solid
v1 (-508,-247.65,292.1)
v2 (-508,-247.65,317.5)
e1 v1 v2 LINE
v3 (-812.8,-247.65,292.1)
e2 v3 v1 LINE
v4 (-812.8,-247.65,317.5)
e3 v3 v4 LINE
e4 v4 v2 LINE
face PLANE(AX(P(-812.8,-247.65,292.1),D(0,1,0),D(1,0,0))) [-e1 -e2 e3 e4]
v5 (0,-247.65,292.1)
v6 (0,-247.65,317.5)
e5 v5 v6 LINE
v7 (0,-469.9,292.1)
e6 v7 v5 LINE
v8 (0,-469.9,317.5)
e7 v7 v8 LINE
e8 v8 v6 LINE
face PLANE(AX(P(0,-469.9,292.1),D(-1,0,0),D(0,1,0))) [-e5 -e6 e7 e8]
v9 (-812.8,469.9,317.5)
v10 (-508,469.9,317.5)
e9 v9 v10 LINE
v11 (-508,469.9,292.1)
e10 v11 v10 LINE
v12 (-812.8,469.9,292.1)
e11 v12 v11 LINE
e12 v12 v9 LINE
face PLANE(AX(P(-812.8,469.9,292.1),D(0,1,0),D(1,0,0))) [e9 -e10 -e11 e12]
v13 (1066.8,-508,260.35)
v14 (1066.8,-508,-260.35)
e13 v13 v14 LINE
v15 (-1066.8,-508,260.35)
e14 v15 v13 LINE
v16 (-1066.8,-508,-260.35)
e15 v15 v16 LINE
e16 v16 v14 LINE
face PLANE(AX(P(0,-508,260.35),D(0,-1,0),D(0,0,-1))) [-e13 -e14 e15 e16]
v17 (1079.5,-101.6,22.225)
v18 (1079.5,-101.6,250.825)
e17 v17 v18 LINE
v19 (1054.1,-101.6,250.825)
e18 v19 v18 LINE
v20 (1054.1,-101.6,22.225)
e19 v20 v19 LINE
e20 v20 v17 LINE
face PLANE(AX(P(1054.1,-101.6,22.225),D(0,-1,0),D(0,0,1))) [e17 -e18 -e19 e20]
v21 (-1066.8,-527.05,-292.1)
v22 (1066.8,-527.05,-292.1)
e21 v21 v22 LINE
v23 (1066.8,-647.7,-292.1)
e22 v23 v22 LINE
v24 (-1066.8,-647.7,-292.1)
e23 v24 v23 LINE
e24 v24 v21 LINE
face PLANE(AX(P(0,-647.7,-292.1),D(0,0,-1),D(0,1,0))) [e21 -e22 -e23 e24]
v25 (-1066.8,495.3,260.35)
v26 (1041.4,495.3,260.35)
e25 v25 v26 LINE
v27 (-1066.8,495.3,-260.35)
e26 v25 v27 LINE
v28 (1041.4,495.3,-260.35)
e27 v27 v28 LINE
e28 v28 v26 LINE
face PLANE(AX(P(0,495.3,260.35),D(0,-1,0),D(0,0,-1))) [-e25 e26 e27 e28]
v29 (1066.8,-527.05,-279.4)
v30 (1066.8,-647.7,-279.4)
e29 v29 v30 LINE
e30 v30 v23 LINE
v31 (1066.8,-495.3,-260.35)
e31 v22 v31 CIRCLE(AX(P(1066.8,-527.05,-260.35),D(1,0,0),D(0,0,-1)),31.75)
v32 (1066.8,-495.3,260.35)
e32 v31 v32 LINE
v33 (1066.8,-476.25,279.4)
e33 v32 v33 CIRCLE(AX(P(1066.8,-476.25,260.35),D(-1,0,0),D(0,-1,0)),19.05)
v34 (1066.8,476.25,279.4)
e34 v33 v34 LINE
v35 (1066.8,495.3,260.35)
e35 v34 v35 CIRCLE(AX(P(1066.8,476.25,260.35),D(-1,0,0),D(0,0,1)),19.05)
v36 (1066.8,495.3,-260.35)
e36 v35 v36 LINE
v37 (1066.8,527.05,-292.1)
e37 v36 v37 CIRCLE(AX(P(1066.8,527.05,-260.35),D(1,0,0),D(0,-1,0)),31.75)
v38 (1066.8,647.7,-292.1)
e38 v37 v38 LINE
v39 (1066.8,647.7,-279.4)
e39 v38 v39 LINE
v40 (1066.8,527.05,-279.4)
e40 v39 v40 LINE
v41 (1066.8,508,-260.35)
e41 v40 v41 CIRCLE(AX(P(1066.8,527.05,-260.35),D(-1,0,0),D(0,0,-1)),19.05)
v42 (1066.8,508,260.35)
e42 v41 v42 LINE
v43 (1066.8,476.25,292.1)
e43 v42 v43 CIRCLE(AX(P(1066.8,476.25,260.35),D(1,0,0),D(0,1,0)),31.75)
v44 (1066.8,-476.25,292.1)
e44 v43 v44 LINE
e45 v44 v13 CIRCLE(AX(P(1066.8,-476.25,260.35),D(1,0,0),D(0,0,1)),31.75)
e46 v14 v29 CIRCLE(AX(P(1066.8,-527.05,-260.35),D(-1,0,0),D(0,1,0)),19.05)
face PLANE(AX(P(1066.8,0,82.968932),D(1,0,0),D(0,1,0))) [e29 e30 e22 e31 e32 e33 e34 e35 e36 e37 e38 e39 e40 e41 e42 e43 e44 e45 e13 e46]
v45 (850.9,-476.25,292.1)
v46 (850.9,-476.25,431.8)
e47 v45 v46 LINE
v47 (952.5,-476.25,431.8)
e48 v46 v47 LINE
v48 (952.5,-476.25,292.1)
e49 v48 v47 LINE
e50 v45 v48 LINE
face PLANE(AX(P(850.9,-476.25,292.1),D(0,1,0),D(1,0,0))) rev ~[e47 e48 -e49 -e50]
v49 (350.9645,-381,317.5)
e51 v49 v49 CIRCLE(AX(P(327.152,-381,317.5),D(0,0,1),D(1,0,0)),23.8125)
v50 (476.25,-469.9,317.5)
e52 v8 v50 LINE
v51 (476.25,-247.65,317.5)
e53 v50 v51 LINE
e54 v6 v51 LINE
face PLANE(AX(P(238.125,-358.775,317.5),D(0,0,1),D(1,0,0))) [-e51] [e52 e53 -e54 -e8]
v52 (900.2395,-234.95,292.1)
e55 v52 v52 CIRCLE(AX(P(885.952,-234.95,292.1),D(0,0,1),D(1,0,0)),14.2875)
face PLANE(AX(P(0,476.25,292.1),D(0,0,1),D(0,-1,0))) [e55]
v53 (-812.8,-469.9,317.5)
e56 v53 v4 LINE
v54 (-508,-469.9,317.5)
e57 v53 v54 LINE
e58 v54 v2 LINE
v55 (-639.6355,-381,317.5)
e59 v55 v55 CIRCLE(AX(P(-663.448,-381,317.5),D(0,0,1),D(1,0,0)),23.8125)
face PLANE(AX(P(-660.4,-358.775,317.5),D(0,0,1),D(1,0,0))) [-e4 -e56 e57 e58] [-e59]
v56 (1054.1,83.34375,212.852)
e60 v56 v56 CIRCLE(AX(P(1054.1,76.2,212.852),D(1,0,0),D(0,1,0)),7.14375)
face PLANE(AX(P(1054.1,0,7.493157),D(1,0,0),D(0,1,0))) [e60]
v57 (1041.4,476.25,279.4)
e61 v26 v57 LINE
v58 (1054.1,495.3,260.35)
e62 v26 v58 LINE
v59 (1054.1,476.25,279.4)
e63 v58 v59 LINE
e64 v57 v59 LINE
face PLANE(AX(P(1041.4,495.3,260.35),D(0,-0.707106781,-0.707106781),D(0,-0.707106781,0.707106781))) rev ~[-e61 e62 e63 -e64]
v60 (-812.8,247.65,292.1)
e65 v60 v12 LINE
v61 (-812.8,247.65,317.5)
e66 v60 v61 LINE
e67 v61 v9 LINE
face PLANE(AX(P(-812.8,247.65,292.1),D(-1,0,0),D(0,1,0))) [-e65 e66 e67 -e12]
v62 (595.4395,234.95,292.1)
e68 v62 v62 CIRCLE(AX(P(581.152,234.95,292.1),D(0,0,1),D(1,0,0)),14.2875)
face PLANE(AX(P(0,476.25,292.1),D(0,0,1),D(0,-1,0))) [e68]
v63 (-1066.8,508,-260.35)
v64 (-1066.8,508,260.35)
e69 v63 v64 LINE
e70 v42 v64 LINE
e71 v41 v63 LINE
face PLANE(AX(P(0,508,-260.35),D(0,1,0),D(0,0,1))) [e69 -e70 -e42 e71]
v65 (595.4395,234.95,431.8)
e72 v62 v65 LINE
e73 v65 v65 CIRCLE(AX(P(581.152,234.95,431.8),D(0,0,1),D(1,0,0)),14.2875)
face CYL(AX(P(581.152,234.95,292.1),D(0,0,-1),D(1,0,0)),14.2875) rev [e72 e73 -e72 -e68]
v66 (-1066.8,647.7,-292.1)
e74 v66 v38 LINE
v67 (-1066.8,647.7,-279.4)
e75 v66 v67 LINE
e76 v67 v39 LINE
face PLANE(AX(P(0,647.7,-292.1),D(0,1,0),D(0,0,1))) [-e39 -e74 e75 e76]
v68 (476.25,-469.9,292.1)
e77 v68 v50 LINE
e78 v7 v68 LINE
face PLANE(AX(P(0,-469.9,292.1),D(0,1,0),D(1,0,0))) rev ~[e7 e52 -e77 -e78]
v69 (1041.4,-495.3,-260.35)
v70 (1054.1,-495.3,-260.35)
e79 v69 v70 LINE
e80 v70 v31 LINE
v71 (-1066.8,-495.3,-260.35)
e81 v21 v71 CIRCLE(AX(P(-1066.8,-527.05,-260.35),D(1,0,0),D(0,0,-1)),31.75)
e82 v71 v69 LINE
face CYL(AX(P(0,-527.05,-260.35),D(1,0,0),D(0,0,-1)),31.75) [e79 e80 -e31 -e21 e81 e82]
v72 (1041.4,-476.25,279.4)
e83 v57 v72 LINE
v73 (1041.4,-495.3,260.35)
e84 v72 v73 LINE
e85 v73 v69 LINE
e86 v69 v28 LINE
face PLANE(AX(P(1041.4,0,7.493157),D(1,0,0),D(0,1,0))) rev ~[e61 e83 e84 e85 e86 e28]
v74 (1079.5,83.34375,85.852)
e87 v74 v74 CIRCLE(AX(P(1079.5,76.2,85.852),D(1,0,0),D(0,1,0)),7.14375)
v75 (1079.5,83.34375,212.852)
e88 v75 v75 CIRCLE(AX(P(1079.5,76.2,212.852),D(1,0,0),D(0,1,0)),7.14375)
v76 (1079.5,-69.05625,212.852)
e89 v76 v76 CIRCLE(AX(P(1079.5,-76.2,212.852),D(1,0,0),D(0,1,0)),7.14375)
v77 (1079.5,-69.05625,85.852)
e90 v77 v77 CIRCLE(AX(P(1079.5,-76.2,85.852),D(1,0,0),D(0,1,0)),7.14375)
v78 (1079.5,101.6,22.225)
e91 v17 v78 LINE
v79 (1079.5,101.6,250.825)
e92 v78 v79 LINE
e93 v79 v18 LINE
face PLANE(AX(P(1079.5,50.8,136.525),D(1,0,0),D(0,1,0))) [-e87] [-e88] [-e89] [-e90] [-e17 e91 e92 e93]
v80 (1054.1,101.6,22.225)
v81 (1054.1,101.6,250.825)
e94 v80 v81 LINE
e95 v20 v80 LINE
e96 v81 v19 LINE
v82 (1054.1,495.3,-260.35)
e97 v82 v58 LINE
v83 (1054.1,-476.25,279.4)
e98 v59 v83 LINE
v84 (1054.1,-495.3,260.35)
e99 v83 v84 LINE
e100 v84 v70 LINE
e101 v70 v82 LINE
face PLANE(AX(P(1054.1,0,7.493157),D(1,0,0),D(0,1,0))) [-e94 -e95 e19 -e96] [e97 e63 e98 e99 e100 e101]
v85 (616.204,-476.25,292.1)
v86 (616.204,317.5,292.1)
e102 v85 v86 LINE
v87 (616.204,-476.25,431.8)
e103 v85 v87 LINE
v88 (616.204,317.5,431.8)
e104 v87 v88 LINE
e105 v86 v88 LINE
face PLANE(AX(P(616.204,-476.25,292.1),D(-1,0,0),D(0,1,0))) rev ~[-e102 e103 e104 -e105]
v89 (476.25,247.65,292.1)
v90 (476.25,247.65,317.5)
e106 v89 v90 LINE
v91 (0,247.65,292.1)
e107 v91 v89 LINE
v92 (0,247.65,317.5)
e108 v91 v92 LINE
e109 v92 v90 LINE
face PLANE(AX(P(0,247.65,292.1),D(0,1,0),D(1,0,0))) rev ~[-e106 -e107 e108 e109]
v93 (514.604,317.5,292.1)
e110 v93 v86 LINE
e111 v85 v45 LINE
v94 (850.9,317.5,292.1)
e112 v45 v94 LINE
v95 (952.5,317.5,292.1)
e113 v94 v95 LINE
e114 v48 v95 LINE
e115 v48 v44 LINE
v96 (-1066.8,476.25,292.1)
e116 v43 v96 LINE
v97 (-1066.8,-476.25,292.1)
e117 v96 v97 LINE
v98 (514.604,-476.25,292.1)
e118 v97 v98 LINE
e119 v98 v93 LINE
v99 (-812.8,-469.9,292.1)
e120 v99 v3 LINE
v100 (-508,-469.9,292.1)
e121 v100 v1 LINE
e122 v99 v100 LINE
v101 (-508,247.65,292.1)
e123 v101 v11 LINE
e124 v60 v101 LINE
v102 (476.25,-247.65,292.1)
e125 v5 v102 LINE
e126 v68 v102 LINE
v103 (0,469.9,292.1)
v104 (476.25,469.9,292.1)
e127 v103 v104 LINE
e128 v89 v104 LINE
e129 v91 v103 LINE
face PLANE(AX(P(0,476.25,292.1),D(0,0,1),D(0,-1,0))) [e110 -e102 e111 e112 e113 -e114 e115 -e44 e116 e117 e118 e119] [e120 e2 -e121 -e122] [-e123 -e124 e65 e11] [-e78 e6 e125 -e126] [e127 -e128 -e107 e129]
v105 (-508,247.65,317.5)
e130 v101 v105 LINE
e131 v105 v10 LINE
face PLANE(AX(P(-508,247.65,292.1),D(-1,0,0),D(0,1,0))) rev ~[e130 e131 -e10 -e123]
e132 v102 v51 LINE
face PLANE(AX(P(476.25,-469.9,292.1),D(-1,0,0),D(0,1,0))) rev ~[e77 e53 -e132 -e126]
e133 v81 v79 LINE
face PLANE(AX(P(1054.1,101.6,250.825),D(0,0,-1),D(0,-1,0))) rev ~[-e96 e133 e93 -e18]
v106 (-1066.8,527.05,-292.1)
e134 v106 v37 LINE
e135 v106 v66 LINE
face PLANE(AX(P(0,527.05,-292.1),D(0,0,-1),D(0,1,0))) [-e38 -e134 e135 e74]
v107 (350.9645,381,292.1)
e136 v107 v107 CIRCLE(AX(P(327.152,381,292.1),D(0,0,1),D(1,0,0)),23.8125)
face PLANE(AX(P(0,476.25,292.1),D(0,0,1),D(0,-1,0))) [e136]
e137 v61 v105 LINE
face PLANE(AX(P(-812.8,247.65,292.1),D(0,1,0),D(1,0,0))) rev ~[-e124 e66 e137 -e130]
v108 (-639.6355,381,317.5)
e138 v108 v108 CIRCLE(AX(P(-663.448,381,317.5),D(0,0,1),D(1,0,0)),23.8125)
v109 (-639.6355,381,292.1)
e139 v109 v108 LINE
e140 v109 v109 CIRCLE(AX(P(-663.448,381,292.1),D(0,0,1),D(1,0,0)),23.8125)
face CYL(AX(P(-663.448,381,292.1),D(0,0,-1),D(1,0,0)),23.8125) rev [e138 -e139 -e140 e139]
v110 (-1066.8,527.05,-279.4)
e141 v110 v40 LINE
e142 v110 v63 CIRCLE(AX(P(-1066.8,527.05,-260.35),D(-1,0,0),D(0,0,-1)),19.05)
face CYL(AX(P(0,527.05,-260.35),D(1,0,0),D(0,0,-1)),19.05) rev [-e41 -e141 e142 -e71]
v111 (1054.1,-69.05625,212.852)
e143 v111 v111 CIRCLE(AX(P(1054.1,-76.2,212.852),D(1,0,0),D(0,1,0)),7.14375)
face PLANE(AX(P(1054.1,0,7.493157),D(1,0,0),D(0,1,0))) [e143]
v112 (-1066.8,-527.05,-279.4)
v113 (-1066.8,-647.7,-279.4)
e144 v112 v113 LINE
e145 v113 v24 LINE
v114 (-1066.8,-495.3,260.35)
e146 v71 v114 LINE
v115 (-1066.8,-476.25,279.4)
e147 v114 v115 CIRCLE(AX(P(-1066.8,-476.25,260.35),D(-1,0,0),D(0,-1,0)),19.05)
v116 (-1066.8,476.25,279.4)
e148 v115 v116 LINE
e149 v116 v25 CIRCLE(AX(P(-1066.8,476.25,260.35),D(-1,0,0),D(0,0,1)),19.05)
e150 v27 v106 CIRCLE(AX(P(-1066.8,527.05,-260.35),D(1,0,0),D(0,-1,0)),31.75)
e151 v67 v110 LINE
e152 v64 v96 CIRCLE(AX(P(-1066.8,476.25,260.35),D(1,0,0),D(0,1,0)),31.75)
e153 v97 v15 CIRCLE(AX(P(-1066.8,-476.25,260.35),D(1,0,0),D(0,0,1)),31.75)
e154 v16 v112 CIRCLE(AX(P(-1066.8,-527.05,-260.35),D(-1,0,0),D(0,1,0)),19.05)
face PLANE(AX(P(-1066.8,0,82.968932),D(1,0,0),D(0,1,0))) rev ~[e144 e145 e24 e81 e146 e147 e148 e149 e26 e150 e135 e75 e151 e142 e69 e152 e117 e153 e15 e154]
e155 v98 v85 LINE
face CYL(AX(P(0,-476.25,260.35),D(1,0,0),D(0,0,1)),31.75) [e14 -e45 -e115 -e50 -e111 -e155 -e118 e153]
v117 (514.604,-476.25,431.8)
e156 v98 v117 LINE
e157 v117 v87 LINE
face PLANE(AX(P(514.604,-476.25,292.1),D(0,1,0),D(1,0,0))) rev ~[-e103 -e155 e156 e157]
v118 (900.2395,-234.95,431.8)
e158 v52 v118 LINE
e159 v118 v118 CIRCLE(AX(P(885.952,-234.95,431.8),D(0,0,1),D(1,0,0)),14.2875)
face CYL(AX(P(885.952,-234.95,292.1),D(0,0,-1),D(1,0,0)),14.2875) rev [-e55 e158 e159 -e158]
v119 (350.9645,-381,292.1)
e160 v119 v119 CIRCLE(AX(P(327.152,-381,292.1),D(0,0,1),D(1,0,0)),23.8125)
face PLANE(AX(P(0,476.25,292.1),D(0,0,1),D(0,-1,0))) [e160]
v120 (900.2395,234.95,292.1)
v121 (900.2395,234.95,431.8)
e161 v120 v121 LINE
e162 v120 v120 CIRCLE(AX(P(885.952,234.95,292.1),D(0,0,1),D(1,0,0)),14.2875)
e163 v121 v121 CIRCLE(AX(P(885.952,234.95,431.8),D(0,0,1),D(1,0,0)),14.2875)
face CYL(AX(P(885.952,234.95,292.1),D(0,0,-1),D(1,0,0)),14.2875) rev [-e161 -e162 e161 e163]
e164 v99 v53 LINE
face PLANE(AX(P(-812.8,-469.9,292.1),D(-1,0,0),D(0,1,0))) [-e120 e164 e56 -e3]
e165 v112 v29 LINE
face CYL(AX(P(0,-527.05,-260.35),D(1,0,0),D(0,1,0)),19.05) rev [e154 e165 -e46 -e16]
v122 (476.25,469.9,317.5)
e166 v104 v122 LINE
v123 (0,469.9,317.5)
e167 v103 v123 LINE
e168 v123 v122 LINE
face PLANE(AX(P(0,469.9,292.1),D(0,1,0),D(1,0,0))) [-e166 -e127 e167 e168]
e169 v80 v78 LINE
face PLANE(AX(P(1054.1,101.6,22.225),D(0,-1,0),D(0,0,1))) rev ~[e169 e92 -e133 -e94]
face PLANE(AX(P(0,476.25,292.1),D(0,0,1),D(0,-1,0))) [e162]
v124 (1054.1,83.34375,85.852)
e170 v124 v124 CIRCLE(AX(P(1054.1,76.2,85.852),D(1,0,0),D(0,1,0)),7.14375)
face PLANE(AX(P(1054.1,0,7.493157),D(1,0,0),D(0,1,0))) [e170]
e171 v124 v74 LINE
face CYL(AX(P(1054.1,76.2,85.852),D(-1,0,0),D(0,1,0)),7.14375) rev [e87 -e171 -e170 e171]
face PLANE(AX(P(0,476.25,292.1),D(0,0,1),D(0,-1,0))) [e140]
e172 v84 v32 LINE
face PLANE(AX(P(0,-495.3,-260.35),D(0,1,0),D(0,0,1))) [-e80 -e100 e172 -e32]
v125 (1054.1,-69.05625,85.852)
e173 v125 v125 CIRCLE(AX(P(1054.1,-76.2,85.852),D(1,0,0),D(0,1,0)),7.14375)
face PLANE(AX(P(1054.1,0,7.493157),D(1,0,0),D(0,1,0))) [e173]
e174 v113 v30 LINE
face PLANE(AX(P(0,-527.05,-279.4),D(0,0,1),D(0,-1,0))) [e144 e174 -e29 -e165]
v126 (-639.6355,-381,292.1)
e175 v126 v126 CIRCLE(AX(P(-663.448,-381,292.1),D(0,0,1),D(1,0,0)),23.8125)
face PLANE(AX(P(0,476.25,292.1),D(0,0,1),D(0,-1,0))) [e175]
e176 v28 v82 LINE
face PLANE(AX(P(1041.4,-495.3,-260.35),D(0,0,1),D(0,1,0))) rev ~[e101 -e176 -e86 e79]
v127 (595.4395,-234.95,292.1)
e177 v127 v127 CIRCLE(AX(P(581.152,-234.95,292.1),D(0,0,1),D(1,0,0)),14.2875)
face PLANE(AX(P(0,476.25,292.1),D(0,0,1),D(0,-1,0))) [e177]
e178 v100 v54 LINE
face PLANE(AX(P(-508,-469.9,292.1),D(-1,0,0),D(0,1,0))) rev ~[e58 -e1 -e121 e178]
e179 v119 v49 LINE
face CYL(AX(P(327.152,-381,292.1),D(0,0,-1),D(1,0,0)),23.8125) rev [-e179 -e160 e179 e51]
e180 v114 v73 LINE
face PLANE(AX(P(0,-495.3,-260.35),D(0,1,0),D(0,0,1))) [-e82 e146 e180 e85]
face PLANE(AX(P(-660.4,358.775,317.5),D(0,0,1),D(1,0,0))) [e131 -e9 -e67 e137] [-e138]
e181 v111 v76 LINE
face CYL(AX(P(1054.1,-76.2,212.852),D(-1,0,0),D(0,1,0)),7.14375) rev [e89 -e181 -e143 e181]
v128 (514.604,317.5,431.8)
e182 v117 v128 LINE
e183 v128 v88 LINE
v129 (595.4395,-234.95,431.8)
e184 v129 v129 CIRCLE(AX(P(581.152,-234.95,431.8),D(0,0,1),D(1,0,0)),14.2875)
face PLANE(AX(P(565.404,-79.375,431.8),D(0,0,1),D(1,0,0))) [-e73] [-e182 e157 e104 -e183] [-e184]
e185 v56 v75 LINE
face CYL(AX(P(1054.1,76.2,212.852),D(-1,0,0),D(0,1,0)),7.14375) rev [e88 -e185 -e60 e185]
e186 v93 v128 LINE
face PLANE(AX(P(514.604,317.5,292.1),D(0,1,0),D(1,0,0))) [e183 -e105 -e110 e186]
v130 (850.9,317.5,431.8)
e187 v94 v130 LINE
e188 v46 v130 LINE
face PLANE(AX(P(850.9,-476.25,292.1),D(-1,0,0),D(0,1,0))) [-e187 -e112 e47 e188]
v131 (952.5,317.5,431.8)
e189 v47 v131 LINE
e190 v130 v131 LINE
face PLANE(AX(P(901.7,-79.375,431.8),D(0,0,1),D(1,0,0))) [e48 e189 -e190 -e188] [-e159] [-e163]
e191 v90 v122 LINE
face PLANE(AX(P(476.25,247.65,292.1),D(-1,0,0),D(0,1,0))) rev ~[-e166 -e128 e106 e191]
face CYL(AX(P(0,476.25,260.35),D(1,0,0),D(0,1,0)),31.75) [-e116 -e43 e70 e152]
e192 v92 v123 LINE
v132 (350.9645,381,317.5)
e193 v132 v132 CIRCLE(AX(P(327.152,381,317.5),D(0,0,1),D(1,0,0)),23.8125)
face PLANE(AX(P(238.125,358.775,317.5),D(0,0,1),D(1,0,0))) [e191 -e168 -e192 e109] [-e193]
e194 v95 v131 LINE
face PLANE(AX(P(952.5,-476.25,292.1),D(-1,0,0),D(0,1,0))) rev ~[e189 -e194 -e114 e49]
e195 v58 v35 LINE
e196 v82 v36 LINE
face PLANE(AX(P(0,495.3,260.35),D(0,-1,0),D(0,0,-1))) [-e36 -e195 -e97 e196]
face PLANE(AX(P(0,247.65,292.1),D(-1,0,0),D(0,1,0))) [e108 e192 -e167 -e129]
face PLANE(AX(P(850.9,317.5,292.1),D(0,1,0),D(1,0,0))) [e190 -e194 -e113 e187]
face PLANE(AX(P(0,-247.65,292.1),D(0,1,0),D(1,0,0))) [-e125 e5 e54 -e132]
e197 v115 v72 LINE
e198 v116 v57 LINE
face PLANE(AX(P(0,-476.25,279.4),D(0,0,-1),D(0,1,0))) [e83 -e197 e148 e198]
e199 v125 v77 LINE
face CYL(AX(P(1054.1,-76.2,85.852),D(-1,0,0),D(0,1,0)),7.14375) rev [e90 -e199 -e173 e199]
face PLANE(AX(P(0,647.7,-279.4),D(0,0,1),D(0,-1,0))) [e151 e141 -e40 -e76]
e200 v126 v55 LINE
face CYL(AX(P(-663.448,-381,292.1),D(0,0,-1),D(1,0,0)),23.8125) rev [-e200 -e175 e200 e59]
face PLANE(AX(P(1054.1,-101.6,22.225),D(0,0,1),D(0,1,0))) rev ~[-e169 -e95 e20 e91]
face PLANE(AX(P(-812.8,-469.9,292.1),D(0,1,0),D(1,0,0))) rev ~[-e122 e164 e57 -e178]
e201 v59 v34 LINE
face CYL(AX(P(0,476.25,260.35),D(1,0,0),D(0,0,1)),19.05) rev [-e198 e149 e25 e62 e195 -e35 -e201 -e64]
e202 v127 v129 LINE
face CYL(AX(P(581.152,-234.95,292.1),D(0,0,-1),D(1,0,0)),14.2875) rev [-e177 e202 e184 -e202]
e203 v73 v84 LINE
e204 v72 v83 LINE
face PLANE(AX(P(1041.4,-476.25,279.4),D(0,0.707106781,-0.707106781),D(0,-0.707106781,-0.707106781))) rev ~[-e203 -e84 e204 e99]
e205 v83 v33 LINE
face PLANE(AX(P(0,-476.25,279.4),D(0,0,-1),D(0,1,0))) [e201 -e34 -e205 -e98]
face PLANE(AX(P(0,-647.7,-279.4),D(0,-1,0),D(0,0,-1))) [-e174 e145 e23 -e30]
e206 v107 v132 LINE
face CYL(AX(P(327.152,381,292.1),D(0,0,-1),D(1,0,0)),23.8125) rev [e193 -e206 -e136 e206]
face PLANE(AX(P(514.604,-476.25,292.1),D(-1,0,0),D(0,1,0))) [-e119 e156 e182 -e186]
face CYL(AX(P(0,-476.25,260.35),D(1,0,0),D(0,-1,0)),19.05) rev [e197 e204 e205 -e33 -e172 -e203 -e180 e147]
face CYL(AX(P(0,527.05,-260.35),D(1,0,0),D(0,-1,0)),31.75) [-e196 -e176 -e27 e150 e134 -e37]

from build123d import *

# Parameters (mm, degrees)
F1_DEPTH  = 1066.8
F2_W      = 101.6
F2_H      = 793.75
F2_R      = 14.2875
F3_DEPTH  = 139.7
F4_W      = 304.8
F4_H      = 222.25
F4_R      = 23.8125
F4_W_2    = 476.25
F5_DEPTH  = 25.4
F8_DEPTH  = 12.7
F9_W      = 101.6
F9_H      = 228.6
F9_R      = 7.14375
F10_DEPTH = 25.4


with BuildPart() as f1:
    # F0 (on Right) → F1 (new body, symmetric)
    with BuildSketch(Plane.YZ):
        with BuildLine():
            Line((476.25, 292.1), (-476.25, 292.1))
            ThreePointArc((-476.25, 292.1), (-498.7006403027, 282.8006403027), (-508, 260.35))
            Line((-508, 260.35), (-508, -260.35))
            ThreePointArc((-508, -260.35), (-513.5796158184, -273.8203841816), (-527.05, -279.4))
            Line((-527.05, -279.4), (-647.7, -279.4))
            Line((-647.7, -279.4), (-647.7, -292.1))
            Line((-647.7, -292.1), (-527.05, -292.1))
            ThreePointArc((-527.05, -292.1), (-504.5993596973, -282.8006403027), (-495.3, -260.35))
            Line((-495.3, -260.35), (-495.3, 260.35))
            ThreePointArc((-495.3, 260.35), (-489.7203841816, 273.8203841816), (-476.25, 279.4))
            Line((-476.25, 279.4), (476.25, 279.4))
            ThreePointArc((476.25, 279.4), (489.7203841816, 273.8203841816), (495.3, 260.35))
            Line((495.3, 260.35), (495.3, -260.35))
            ThreePointArc((495.3, -260.35), (504.5993596973, -282.8006403027), (527.05, -292.1))
            Line((527.05, -292.1), (647.7, -292.1))
            Line((647.7, -292.1), (647.7, -279.4))
            Line((647.7, -279.4), (527.05, -279.4))
            ThreePointArc((527.05, -279.4), (513.5796158184, -273.8203841816), (508, -260.35))
            Line((508, -260.35), (508, 260.35))
            ThreePointArc((508, 260.35), (498.7006403027, 282.8006403027), (476.25, 292.1))
        make_face()
    extrude(amount=F1_DEPTH, both=True)

    # F2 (on face) → F3 (join)
    with BuildSketch(Plane.XY.offset(292.1)):
        with Locations((901.7, -79.375)):
            Rectangle(F2_W, F2_H)
        with Locations((885.952, -234.95)):
            Circle(F2_R, mode=Mode.SUBTRACT)
        with Locations((885.952, 234.95)):
            Circle(F2_R, mode=Mode.SUBTRACT)
        with Locations((565.404, -79.375)):
            Rectangle(F2_W, F2_H)
        with Locations((581.152, -234.95)):
            Circle(F2_R, mode=Mode.SUBTRACT)
        with Locations((581.152, 234.95)):
            Circle(F2_R, mode=Mode.SUBTRACT)
    extrude(amount=F3_DEPTH)

    # F4 (on face) → F5 (join)
    with BuildSketch(Plane.XY.offset(292.1)):
        with Locations((-660.4, -358.775)):
            Rectangle(F4_W, F4_H)
        with Locations((-663.448, -381)):
            Circle(F4_R, mode=Mode.SUBTRACT)
        with Locations((238.125, -358.775)):
            Rectangle(F4_W_2, F4_H)
        with Locations((327.152, -381)):
            Circle(F4_R, mode=Mode.SUBTRACT)
        with Locations((238.125, 358.775)):
            Rectangle(F4_W_2, F4_H)
        with Locations((327.152, 381)):
            Circle(F4_R, mode=Mode.SUBTRACT)
        with Locations((-660.4, 358.775)):
            Rectangle(F4_W, F4_H)
        with Locations((-663.448, 381)):
            Circle(F4_R, mode=Mode.SUBTRACT)
    extrude(amount=F5_DEPTH)

    # F7 (on offset) → F8 (join)
    with BuildSketch(Plane.YZ.offset(1041.4)):
        Polygon((495.3, -260.35), (495.3, 260.35), (476.25, 279.4), (-476.25, 279.4), (-495.3, 260.35), (-495.3, -260.35), align=None)
    extrude(amount=F8_DEPTH)

    # F9 (on face) → F10 (join)
    with BuildSketch(Plane.YZ.offset(1054.1)):
        with Locations((50.8, 136.525)):
            Rectangle(F9_W, F9_H)
        with Locations((76.2, 85.852)):
            Circle(F9_R, mode=Mode.SUBTRACT)
        with Locations((76.2, 212.852)):
            Circle(F9_R, mode=Mode.SUBTRACT)
        with Locations((-50.8, 136.525)):
            Rectangle(F9_W, F9_H)
        with Locations((-76.2, 85.852)):
            Circle(F9_R, mode=Mode.SUBTRACT)
        with Locations((-76.2, 212.852)):
            Circle(F9_R, mode=Mode.SUBTRACT)
    extrude(amount=F10_DEPTH)


solid = f1.part
